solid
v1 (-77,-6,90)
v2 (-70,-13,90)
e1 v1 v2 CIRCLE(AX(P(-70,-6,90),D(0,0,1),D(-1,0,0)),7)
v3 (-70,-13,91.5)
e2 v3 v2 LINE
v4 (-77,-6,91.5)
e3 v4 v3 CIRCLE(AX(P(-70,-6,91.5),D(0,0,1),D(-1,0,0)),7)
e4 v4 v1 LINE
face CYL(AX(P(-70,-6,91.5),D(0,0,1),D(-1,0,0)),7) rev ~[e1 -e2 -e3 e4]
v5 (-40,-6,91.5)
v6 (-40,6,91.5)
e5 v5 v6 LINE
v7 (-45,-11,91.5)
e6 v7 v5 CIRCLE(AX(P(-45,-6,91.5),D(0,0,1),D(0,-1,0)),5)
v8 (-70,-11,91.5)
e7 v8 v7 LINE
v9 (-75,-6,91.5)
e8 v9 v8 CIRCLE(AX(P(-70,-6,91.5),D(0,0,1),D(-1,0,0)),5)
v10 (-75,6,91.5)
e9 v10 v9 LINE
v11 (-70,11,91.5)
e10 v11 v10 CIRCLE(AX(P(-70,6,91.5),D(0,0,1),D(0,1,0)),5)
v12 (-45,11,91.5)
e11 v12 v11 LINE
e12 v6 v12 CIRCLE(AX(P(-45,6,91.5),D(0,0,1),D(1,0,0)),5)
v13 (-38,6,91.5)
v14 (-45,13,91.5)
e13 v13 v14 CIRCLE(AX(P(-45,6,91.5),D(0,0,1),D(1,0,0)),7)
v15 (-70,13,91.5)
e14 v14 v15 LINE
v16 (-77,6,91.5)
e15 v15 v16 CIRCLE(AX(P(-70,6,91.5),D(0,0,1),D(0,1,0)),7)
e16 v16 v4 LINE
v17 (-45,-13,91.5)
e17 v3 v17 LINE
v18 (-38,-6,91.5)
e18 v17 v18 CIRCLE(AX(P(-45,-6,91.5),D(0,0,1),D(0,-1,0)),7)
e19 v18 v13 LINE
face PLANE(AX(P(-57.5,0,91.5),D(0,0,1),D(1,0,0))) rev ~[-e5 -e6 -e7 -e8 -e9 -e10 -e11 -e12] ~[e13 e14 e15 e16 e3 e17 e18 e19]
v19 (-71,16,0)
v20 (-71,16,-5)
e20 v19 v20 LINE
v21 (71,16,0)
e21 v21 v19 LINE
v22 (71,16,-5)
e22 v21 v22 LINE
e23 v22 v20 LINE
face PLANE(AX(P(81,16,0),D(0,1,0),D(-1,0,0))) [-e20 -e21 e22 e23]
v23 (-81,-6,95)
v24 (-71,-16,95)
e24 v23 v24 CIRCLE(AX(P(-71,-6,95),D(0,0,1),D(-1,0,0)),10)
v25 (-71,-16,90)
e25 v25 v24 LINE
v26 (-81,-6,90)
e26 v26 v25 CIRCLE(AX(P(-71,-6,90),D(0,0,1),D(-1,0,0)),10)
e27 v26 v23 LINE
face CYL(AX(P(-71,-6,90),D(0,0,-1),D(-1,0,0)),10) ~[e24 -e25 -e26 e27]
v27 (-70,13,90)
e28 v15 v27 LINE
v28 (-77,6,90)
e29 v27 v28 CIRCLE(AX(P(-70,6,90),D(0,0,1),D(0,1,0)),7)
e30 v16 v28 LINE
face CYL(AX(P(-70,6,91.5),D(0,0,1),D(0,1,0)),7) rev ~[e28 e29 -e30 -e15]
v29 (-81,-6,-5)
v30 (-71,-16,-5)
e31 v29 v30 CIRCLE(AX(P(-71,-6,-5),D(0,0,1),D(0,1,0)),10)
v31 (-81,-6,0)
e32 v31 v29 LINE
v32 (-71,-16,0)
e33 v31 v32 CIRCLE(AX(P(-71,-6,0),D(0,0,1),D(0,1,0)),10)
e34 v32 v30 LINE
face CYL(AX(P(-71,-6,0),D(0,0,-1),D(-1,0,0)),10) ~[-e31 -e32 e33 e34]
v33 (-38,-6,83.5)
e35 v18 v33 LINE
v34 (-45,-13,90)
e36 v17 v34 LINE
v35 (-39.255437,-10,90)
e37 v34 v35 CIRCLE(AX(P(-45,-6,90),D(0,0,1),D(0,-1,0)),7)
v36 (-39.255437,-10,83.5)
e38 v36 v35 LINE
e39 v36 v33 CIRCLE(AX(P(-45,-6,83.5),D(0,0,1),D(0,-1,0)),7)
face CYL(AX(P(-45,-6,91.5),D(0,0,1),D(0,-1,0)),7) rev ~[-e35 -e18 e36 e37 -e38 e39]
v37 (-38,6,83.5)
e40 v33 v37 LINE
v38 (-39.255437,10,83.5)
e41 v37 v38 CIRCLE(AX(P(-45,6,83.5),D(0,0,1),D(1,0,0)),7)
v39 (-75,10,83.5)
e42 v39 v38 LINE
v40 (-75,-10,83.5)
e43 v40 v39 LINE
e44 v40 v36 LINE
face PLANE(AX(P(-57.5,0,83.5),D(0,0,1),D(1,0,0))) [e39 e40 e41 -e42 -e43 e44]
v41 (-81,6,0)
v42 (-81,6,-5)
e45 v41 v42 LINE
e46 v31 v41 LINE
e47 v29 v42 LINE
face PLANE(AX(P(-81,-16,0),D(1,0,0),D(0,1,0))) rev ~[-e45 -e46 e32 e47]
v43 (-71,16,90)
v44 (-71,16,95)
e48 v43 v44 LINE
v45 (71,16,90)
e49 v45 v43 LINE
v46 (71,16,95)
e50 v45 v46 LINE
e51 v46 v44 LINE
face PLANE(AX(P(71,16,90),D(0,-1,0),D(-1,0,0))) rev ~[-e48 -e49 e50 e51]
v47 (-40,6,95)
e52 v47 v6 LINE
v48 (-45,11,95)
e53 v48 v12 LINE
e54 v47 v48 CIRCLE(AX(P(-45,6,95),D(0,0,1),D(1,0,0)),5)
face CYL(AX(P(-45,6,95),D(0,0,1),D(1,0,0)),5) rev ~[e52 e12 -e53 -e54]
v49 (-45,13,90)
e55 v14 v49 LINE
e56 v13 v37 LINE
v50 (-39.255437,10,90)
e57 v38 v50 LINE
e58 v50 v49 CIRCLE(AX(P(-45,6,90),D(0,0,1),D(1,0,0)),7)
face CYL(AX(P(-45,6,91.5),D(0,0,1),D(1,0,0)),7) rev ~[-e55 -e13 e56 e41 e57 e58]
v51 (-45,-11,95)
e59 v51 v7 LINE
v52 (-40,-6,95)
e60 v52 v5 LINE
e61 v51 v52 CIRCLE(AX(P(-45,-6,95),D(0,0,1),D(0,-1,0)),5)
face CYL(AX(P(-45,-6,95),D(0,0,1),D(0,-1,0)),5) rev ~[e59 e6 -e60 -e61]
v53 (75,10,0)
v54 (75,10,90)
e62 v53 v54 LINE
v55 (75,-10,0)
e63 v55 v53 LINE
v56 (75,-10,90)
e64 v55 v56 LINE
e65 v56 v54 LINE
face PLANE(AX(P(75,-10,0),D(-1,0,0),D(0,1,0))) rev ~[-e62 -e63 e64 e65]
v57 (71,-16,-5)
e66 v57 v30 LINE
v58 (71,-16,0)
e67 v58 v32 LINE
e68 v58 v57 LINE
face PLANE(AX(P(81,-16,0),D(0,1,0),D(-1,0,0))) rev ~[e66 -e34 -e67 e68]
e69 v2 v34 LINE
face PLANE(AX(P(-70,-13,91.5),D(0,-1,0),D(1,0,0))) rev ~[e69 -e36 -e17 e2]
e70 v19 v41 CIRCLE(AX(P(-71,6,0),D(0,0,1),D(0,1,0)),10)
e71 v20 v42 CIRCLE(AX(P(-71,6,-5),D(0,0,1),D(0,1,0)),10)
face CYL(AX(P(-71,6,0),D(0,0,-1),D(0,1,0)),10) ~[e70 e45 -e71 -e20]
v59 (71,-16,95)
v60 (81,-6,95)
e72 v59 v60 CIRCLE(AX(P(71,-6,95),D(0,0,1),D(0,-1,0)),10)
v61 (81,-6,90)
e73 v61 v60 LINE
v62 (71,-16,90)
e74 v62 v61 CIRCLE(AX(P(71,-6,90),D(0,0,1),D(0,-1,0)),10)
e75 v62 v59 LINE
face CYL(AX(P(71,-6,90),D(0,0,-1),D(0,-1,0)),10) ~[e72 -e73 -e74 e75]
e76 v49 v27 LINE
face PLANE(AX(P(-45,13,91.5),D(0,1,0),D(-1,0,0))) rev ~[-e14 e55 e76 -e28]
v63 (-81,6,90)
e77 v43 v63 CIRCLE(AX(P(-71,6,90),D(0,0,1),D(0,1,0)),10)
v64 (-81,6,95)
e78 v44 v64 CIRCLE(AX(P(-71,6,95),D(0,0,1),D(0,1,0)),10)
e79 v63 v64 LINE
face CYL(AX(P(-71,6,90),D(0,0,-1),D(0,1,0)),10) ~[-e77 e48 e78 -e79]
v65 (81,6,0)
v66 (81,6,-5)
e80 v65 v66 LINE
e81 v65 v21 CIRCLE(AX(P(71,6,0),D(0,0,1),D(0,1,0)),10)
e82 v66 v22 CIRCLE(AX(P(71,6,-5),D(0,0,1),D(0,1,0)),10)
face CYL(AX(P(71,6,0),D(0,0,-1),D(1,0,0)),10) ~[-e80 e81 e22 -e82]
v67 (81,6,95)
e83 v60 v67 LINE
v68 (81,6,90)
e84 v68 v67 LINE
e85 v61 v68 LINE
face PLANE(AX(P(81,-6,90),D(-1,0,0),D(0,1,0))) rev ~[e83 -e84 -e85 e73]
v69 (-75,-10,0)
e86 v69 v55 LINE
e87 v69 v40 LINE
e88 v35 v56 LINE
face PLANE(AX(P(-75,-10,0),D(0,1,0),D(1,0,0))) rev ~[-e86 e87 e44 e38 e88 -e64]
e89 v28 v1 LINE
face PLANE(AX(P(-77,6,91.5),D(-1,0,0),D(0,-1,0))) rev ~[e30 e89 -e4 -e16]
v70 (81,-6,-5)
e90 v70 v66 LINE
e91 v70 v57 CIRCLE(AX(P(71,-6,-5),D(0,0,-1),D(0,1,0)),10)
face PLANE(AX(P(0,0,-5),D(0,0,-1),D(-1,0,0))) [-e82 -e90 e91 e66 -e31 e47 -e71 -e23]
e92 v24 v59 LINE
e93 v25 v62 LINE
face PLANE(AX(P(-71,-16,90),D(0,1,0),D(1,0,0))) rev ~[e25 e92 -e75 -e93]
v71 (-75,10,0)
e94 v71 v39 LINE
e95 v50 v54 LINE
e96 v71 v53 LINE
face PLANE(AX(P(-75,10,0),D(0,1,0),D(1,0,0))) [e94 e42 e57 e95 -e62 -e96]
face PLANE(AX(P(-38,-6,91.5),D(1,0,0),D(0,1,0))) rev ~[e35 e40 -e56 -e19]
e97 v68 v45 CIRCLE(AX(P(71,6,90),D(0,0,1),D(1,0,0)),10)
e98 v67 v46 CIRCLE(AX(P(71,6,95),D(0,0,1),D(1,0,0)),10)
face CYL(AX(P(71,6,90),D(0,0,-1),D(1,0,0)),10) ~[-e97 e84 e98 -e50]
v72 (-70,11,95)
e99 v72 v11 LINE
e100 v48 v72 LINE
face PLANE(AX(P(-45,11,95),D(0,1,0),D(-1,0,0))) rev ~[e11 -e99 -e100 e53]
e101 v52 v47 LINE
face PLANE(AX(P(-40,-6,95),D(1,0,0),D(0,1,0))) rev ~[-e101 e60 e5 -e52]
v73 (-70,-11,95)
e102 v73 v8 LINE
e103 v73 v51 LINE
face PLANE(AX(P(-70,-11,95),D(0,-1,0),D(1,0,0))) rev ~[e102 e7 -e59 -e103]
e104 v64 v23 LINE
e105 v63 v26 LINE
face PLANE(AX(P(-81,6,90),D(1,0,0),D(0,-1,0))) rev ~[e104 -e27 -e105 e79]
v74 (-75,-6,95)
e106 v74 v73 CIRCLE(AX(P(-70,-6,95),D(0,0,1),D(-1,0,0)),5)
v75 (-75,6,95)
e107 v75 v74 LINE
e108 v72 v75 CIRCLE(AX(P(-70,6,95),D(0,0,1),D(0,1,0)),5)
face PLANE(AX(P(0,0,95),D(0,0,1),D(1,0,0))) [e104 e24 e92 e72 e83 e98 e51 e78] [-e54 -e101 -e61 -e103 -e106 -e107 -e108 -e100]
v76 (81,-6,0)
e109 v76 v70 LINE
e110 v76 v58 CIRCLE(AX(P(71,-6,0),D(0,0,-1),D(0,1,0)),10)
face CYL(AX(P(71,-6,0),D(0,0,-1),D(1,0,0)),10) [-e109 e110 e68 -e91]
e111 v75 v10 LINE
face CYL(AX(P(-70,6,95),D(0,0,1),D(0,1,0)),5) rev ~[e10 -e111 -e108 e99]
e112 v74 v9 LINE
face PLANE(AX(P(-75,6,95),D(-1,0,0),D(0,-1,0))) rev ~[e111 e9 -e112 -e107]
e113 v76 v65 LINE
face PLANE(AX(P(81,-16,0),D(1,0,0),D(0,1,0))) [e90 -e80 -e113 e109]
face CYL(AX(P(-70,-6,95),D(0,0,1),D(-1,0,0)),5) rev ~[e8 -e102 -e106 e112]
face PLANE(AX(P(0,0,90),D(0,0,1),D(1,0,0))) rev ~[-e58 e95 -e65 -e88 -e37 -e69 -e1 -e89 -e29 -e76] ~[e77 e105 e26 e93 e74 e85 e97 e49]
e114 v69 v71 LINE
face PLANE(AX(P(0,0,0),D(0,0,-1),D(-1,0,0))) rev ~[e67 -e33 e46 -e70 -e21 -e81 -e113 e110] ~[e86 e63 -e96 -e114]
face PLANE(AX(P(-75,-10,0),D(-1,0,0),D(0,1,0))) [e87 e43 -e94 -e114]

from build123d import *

# Parameters (mm, degrees)
SKETCH1_W           = 150
SKETCH1_H           = 20
BOSS_EXTRUDE1_DEPTH = 90
SKETCH2_W           = 162
SKETCH2_H           = 32
BOSS_EXTRUDE2_DEPTH = 5
FILLET1_R           = 10
FILLET2_R           = 10
FILLET3_R           = 10
FILLET4_R           = 10
BOSS_EXTRUDE3_DEPTH = 5
CUT_EXTRUDE1_DEPTH  = 3.5
CUT_EXTRUDE2_DEPTH  = 8


with BuildPart() as part:
    # Sketch1 → Boss-Extrude1 (new body)
    with BuildSketch(Plane.XY):
        Rectangle(SKETCH1_W, SKETCH1_H)
    extrude(amount=BOSS_EXTRUDE1_DEPTH)

    # Sketch2 → Boss-Extrude2 (add)
    with BuildSketch(Plane(origin=(0, 0, 0), x_dir=(-1, 0, 0), z_dir=(0, 0, -1))):
        Rectangle(SKETCH2_W, SKETCH2_H)
    extrude(amount=BOSS_EXTRUDE2_DEPTH)

    # Fillet1
    fillet1_edges = [part.edges().sort_by_distance(p)[0] for p in [
        (81, 16, -2.5),
    ]]
    fillet(fillet1_edges, radius=FILLET1_R)

    # Fillet2
    fillet2_edges = [part.edges().sort_by_distance(p)[0] for p in [
        (81, -16, -2.5),
    ]]
    fillet(fillet2_edges, radius=FILLET2_R)

    # Fillet3
    fillet3_edges = [part.edges().sort_by_distance(p)[0] for p in [
        (-81, 16, -2.5),
    ]]
    fillet(fillet3_edges, radius=FILLET3_R)

    # Fillet4
    fillet4_edges = [part.edges().sort_by_distance(p)[0] for p in [
        (-81, -16, -2.5),
    ]]
    fillet(fillet4_edges, radius=FILLET4_R)

    # Sketch3 → Boss-Extrude3 (add)
    with BuildSketch(Plane.XY.offset(90)):
        with BuildLine():
            Line((-81, 6), (-81, -6))
            ThreePointArc((-81, -6), (-78.071067812, -13.071067812), (-71, -16))
            Line((-71, -16), (71, -16))
            ThreePointArc((71, -16), (78.071067812, -13.071067812), (81, -6))
            Line((81, -6), (81, 6))
            ThreePointArc((81, 6), (78.071067812, 13.071067812), (71, 16))
            Line((71, 16), (-71, 16))
            ThreePointArc((-71, 16), (-78.071067812, 13.071067812), (-81, 6))
        make_face()
    extrude(amount=BOSS_EXTRUDE3_DEPTH)

    # Sketch4 → Cut-Extrude1 (cut)
    with BuildSketch(Plane.XY.offset(95)):
        with BuildLine():
            Line((-70, -11), (-45, -11))
            ThreePointArc((-45, -11), (-41.464466094, -9.535533906), (-40, -6))
            Line((-40, -6), (-40, 6))
            ThreePointArc((-40, 6), (-41.464466094, 9.535533906), (-45, 11))
            Line((-45, 11), (-70, 11))
            ThreePointArc((-70, 11), (-73.535533906, 9.535533906), (-75, 6))
            Line((-75, 6), (-75, -6))
            ThreePointArc((-75, -6), (-73.535533906, -9.535533906), (-70, -11))
        make_face()
    extrude(amount=-CUT_EXTRUDE1_DEPTH, mode=Mode.SUBTRACT)

    # Sketch5 → Cut-Extrude2 (cut)
    with BuildSketch(Plane.XY.offset(91.5)):
        with BuildLine():
            Line((-77, 6), (-77, -6))
            ThreePointArc((-77, -6), (-74.949747468, -10.949747468), (-70, -13))
            Line((-70, -13), (-45, -13))
            ThreePointArc((-45, -13), (-40.050252532, -10.949747468), (-38, -6))
            Line((-38, -6), (-38, 6))
            ThreePointArc((-38, 6), (-40.050252532, 10.949747468), (-45, 13))
            Line((-45, 13), (-70, 13))
            ThreePointArc((-70, 13), (-74.949747468, 10.949747468), (-77, 6))
        make_face()
    extrude(amount=-CUT_EXTRUDE2_DEPTH, mode=Mode.SUBTRACT)


solid = part.part
